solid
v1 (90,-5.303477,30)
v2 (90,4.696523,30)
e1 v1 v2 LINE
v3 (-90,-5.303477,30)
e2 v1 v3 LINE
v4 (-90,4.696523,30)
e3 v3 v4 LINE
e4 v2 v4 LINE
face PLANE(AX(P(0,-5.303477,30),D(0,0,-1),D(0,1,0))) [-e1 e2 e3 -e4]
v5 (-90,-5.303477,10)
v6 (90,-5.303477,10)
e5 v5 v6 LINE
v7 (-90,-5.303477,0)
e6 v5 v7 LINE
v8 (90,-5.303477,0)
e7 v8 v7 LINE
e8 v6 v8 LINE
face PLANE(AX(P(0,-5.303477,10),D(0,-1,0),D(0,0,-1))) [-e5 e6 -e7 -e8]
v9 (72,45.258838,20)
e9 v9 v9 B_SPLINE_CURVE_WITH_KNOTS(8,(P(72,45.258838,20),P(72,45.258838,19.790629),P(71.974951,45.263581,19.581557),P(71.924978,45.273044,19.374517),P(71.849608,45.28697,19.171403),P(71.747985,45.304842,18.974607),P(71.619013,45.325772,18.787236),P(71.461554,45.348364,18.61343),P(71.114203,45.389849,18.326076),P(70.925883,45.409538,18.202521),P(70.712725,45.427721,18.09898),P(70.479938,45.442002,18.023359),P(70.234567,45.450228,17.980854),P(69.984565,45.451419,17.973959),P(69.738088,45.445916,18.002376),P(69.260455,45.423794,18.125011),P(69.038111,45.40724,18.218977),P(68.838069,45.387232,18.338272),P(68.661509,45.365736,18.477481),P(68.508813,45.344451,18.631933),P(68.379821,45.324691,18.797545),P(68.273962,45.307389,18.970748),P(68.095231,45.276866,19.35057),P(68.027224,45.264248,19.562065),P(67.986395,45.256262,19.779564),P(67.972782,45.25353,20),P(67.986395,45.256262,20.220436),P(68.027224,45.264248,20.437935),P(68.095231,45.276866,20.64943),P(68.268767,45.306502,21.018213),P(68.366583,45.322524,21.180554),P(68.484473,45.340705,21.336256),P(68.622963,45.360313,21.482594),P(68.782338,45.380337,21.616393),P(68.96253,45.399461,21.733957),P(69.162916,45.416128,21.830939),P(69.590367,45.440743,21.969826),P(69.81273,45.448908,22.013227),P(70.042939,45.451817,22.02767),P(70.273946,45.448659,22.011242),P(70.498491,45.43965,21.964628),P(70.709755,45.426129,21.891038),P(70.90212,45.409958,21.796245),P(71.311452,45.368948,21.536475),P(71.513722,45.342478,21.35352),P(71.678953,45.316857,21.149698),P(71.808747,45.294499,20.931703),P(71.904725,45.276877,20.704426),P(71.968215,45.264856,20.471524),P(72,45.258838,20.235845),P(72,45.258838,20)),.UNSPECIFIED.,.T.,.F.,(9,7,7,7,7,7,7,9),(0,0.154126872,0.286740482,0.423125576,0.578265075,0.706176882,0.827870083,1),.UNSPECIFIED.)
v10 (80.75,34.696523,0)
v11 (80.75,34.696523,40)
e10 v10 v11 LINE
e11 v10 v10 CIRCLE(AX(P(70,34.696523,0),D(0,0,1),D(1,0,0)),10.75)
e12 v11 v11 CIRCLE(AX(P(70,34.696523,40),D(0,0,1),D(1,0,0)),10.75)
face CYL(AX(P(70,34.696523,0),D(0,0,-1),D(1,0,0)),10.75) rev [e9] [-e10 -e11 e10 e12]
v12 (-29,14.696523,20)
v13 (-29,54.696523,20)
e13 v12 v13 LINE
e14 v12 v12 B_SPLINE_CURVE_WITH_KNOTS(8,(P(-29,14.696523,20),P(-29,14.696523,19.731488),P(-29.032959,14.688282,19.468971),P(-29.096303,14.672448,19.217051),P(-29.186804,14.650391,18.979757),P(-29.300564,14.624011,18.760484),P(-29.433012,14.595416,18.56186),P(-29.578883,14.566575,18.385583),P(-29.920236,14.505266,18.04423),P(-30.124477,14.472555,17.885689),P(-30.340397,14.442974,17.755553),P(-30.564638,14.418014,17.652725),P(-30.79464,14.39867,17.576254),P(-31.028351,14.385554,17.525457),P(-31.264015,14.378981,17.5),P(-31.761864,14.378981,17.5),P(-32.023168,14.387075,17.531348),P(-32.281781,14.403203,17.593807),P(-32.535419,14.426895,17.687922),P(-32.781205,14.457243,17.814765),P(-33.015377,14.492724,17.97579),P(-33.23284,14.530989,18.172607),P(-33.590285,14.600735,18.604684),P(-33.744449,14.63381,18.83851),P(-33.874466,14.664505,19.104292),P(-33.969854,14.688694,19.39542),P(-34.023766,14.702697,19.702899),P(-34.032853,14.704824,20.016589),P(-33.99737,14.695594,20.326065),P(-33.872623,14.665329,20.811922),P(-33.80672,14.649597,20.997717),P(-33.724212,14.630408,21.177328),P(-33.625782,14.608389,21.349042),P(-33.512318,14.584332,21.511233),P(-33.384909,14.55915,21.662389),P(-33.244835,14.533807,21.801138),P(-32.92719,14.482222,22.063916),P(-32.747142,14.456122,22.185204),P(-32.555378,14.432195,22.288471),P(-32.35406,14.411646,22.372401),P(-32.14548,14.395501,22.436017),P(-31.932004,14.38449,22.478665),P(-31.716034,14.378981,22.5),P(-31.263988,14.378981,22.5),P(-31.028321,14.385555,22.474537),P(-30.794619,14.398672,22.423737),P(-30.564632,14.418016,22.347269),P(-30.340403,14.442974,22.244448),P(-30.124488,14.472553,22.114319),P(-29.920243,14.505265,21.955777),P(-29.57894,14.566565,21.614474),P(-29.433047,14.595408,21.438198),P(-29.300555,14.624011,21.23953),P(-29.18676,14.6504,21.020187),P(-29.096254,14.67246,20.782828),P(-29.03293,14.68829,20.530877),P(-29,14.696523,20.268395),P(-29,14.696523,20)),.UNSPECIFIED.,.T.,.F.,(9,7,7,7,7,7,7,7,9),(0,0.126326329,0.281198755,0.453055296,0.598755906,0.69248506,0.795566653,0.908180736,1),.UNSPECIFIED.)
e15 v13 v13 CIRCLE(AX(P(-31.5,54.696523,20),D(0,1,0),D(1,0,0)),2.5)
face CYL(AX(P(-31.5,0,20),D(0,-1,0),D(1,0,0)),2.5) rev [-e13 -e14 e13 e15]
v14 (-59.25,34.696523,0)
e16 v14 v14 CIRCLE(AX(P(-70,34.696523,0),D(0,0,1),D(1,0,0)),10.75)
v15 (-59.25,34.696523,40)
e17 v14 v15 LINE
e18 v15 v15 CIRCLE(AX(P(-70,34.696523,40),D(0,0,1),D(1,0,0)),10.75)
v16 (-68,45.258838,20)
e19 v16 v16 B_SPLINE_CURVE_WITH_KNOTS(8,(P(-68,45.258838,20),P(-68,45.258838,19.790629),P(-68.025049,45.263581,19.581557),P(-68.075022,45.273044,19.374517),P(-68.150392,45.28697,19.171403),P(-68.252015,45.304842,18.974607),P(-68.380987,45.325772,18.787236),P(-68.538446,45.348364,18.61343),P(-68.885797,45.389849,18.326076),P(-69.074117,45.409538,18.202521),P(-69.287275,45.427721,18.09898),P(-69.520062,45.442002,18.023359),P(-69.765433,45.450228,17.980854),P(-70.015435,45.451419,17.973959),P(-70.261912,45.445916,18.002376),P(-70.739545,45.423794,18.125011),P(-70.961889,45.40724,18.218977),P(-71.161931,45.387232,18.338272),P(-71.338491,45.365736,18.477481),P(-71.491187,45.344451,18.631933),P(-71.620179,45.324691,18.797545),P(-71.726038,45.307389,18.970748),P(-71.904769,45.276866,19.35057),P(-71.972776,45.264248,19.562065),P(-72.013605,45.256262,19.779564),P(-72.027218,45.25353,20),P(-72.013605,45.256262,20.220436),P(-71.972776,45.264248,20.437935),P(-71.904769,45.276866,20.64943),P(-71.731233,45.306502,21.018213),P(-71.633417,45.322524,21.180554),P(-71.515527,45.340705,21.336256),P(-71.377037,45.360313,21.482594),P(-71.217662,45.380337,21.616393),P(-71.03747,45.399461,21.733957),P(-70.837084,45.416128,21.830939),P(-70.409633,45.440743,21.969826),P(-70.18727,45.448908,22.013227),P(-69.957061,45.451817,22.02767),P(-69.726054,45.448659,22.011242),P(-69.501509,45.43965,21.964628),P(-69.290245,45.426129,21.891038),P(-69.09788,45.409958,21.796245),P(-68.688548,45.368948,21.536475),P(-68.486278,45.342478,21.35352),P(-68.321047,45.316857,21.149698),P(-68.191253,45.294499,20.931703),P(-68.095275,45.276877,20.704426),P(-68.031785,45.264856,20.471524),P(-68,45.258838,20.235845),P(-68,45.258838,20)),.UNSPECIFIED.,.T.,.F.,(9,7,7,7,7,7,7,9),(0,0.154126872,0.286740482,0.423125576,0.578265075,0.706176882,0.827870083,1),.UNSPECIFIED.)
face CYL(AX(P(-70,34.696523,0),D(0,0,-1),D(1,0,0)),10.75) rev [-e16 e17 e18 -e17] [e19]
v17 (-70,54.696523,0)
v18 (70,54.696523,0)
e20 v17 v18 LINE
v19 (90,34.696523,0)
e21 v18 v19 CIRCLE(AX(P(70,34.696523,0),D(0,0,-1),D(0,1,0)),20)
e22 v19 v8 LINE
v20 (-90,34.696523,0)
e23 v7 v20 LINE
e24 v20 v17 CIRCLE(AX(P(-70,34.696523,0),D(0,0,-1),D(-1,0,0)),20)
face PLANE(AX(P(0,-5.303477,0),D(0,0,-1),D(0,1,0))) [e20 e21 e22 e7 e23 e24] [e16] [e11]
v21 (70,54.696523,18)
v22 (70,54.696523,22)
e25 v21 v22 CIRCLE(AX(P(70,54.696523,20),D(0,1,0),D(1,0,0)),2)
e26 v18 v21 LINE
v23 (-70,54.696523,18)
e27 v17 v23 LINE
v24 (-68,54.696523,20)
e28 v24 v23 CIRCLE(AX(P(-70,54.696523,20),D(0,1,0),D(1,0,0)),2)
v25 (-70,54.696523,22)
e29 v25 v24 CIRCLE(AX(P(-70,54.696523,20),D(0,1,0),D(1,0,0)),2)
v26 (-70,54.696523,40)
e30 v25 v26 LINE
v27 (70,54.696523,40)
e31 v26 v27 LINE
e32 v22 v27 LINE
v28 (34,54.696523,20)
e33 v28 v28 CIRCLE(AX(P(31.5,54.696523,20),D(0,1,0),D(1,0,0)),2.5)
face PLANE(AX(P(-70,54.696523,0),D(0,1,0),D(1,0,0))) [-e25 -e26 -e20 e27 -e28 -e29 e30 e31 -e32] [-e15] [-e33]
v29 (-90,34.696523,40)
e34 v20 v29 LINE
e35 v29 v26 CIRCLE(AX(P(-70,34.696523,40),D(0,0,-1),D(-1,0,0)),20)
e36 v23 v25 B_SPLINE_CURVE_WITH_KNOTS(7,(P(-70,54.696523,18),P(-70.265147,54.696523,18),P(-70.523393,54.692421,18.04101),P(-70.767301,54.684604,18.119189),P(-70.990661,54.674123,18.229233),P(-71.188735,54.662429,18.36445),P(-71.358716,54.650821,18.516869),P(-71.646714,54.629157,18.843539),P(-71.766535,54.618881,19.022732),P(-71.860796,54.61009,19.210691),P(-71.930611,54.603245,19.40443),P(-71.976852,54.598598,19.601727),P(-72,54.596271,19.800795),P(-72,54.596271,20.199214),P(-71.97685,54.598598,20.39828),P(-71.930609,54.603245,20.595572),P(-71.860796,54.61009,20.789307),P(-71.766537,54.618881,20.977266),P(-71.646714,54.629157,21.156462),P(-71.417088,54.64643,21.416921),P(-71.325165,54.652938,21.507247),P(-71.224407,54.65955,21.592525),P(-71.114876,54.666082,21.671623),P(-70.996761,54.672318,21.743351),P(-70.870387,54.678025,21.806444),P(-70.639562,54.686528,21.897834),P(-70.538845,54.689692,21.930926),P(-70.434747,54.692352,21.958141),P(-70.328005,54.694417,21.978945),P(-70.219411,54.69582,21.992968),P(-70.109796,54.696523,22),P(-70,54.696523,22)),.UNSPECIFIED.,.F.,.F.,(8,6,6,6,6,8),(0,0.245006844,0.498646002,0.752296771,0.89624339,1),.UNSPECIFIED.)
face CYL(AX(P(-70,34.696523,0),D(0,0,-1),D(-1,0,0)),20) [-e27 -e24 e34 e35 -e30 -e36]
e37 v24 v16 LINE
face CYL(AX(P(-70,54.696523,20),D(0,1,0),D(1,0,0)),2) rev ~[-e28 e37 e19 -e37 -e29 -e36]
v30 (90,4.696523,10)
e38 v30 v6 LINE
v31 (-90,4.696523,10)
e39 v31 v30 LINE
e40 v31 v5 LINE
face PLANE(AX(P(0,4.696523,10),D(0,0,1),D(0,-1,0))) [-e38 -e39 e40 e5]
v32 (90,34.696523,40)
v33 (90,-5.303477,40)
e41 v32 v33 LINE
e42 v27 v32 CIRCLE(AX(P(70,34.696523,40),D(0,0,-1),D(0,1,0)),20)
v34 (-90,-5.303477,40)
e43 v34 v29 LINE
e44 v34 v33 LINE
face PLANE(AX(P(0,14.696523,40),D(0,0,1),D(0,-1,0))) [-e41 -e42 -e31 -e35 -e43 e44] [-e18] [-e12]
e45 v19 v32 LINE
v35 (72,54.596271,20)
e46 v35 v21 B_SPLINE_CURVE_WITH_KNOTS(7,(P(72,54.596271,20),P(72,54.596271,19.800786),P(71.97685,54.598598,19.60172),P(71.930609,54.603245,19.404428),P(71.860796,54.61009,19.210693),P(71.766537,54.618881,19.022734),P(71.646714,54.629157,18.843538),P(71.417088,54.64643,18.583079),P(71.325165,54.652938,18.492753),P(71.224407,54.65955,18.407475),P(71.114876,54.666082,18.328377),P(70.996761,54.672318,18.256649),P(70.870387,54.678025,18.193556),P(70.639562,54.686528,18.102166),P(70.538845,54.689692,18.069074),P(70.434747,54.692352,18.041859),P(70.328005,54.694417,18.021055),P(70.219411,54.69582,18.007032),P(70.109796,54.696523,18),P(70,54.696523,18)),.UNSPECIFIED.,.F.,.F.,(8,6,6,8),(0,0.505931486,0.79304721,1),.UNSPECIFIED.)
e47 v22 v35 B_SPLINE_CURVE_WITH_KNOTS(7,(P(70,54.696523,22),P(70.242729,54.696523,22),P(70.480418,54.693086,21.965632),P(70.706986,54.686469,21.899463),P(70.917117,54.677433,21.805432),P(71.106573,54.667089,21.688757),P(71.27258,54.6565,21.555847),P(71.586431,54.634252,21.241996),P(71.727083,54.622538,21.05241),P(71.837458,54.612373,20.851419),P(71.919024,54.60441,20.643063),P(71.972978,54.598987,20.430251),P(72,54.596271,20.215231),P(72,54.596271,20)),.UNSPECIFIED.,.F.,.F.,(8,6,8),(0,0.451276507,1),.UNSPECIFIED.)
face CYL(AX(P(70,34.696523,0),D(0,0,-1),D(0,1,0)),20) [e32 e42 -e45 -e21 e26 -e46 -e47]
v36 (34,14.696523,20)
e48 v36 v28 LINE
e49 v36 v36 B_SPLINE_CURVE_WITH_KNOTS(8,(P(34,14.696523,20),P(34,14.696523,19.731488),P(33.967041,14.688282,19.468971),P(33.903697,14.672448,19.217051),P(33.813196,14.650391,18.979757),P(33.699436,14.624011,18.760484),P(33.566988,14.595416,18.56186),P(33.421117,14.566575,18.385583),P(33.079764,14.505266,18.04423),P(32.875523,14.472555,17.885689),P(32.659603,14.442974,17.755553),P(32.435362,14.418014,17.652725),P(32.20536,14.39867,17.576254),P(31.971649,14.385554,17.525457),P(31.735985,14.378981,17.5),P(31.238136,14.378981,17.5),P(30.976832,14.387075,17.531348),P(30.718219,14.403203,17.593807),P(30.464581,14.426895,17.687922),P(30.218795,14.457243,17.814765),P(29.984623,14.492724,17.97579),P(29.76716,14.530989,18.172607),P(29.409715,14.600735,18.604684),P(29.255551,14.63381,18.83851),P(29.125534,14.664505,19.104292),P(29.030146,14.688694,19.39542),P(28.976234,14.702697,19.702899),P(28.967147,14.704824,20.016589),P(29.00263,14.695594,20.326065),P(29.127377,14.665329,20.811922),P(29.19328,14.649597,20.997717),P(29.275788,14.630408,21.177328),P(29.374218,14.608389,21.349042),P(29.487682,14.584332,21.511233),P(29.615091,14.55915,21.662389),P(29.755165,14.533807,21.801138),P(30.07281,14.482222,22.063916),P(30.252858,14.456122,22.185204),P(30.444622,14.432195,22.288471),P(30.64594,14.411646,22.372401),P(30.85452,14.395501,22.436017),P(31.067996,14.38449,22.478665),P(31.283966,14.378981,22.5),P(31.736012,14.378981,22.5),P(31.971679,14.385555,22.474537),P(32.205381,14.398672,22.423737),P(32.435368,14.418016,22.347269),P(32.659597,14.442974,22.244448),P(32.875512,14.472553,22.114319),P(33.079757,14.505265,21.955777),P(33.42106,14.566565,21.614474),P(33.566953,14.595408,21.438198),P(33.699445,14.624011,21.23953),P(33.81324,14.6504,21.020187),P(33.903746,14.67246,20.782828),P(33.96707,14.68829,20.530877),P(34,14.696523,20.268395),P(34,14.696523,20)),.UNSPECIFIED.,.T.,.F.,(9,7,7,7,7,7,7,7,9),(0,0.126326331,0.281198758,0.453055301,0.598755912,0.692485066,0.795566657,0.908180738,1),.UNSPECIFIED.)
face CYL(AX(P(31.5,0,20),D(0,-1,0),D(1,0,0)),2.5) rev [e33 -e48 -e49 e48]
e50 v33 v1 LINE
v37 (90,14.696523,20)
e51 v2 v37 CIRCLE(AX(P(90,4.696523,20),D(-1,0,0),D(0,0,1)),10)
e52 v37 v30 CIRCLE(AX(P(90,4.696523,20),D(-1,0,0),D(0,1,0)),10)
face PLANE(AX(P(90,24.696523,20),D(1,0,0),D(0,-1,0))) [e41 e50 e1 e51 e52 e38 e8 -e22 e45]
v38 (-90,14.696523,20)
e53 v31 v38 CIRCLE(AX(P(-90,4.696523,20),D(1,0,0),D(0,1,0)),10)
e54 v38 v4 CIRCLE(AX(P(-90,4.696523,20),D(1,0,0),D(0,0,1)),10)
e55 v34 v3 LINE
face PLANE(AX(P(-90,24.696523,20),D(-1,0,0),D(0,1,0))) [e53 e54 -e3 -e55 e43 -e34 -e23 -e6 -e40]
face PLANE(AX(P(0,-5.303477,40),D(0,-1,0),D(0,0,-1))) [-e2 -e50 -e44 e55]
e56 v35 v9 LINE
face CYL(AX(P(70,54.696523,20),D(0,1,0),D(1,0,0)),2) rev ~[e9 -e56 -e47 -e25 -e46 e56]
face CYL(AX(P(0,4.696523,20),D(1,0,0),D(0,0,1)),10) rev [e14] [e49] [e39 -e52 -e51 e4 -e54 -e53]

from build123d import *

# Parameters (mm, degrees)
SKETCH1_R                       = 10.75
BOSS_EXTRUDE1_DEPTH             = 40
BOSS_EXTRUDE2_REACH             = 92
BOSS_EXTRUDE2_DIRECTION_2_REACH = 92
SKETCH5_R                       = 2.5
CUT_EXTRUDE1_DEPTH              = 54.696523
CUT_EXTRUDE3_REACH              = 62
SKETCH8_R                       = 2


with BuildPart() as part:
    # Sketch1 → Boss-Extrude1 (new body)
    with BuildSketch(Plane.XY):
        with BuildLine():
            Line((-70, 54.696522502), (70, 54.696522502))
            ThreePointArc((70, 54.696522502), (84.142135624, 48.838658125), (90, 34.696522502))
            Line((90, 34.696522502), (90, 14.696522502))
            Line((90, 14.696522502), (-90, 14.696522502))
            Line((-90, 14.696522502), (-90, 34.696522502))
            ThreePointArc((-90, 34.696522502), (-84.142135624, 48.838658125), (-70, 54.696522502))
        make_face()
        with Locations((70, 34.696522502)):
            Circle(SKETCH1_R, mode=Mode.SUBTRACT)
        with Locations((-70, 34.696522502)):
            Circle(SKETCH1_R, mode=Mode.SUBTRACT)
    extrude(amount=BOSS_EXTRUDE1_DEPTH)

    # Boss-Extrude2: up to this face of the body (flat: up to its plane)
    boss_extrude2_end = Plane(part.part.faces().sort_by_distance((90, 24.696522502, 20))[0])
    # Sketch4 → Boss-Extrude2 (add, up to the picked face)
    with BuildSketch(Plane(origin=(0, 0, 0), x_dir=(0, 0, -1), z_dir=(1, 0, 0)), mode=Mode.PRIVATE) as boss_extrude2_sk1:
        with BuildLine():
            Line((0, -5.303477498), (0, 14.696522502))
            Line((0, 14.696522502), (-20, 14.696522502))
            ThreePointArc((-20, 14.696522502), (-12.928932188, 11.767590313), (-10, 4.696522502))
            Line((-10, 4.696522502), (-10, -5.303477498))
            Line((-10, -5.303477498), (0, -5.303477498))
        make_face()
    boss_extrude2_tool1 = split(extrude(boss_extrude2_sk1.sketch, amount=BOSS_EXTRUDE2_REACH, mode=Mode.PRIVATE), bisect_by=boss_extrude2_end, keep=Keep.BOTH, mode=Mode.PRIVATE)
    add(boss_extrude2_tool1.solids().sort_by_distance((0, 5.449103, 5.700966))[0])
    # Sketch4 → Boss-Extrude2 (add, up to the picked face)
    with BuildSketch(Plane(origin=(0, 0, 0), x_dir=(0, 0, -1), z_dir=(1, 0, 0)), mode=Mode.PRIVATE) as boss_extrude2_sk2:
        with BuildLine():
            ThreePointArc((-30, 4.696522502), (-27.071067812, 11.767590313), (-20, 14.696522502))
            Line((-20, 14.696522502), (-40, 14.696522502))
            Line((-40, 14.696522502), (-40, -5.303477498))
            Line((-40, -5.303477498), (-30, -5.303477498))
            Line((-30, -5.303477498), (-30, 4.696522502))
        make_face()
    boss_extrude2_tool2 = split(extrude(boss_extrude2_sk2.sketch, amount=BOSS_EXTRUDE2_REACH, mode=Mode.PRIVATE), bisect_by=boss_extrude2_end, keep=Keep.BOTH, mode=Mode.PRIVATE)
    add(boss_extrude2_tool2.solids().sort_by_distance((0, 5.449103, 34.299034))[0])

    # Boss-Extrude2 direction 2: up to this face of the body (flat: up to its plane)
    boss_extrude2_direction_2_end = Plane(part.part.faces().sort_by_distance((-90, 24.696522502, 20))[0])
    # Sketch4 → Boss-Extrude2 direction 2 (add, up to the picked face)
    with BuildSketch(Plane(origin=(0, 0, 0), x_dir=(0, 0, -1), z_dir=(1, 0, 0)), mode=Mode.PRIVATE) as boss_extrude2_direction_2_sk1:
        with BuildLine():
            Line((0, -5.303477498), (0, 14.696522502))
            Line((0, 14.696522502), (-20, 14.696522502))
            ThreePointArc((-20, 14.696522502), (-12.928932188, 11.767590313), (-10, 4.696522502))
            Line((-10, 4.696522502), (-10, -5.303477498))
            Line((-10, -5.303477498), (0, -5.303477498))
        make_face()
    boss_extrude2_direction_2_tool1 = split(extrude(boss_extrude2_direction_2_sk1.sketch, amount=-BOSS_EXTRUDE2_DIRECTION_2_REACH, mode=Mode.PRIVATE), bisect_by=boss_extrude2_direction_2_end, keep=Keep.BOTH, mode=Mode.PRIVATE)
    add(boss_extrude2_direction_2_tool1.solids().sort_by_distance((0, 5.449103, 5.700966))[0])
    # Sketch4 → Boss-Extrude2 direction 2 (add, up to the picked face)
    with BuildSketch(Plane(origin=(0, 0, 0), x_dir=(0, 0, -1), z_dir=(1, 0, 0)), mode=Mode.PRIVATE) as boss_extrude2_direction_2_sk2:
        with BuildLine():
            ThreePointArc((-30, 4.696522502), (-27.071067812, 11.767590313), (-20, 14.696522502))
            Line((-20, 14.696522502), (-40, 14.696522502))
            Line((-40, 14.696522502), (-40, -5.303477498))
            Line((-40, -5.303477498), (-30, -5.303477498))
            Line((-30, -5.303477498), (-30, 4.696522502))
        make_face()
    boss_extrude2_direction_2_tool2 = split(extrude(boss_extrude2_direction_2_sk2.sketch, amount=-BOSS_EXTRUDE2_DIRECTION_2_REACH, mode=Mode.PRIVATE), bisect_by=boss_extrude2_direction_2_end, keep=Keep.BOTH, mode=Mode.PRIVATE)
    add(boss_extrude2_direction_2_tool2.solids().sort_by_distance((0, 5.449103, 34.299034))[0])

    # Sketch5 → Cut-Extrude1 (cut)
    with BuildSketch(Plane(origin=(0, 0, 0), x_dir=(1, 0, 0), z_dir=(0, 1, 0))):
        with Locations((-31.5, -20)):
            Circle(SKETCH5_R)
        with Locations((31.5, -20)):
            Circle(SKETCH5_R)
    extrude(amount=CUT_EXTRUDE1_DEPTH, mode=Mode.SUBTRACT)

    # Sketch8 → Cut-Extrude3 (cut, up to next)
    with BuildSketch(Plane(origin=(0, 54.696522502, 0), x_dir=(1, 0, 0), z_dir=(0, 1, 0)), mode=Mode.PRIVATE) as cut_extrude3_sk1:
        with Locations((-70, -20)):
            Circle(SKETCH8_R)
    cut_extrude3_tool1 = extrude(cut_extrude3_sk1.sketch, amount=-CUT_EXTRUDE3_REACH, mode=Mode.PRIVATE) & part.part
    add(cut_extrude3_tool1.solids().sort_by_distance((-70, 54.696523, 20))[0], mode=Mode.SUBTRACT)
    # Sketch8 → Cut-Extrude3 (cut, up to next)
    with BuildSketch(Plane(origin=(0, 54.696522502, 0), x_dir=(1, 0, 0), z_dir=(0, 1, 0)), mode=Mode.PRIVATE) as cut_extrude3_sk2:
        with Locations((70, -20)):
            Circle(SKETCH8_R)
    cut_extrude3_tool2 = extrude(cut_extrude3_sk2.sketch, amount=-CUT_EXTRUDE3_REACH, mode=Mode.PRIVATE) & part.part
    add(cut_extrude3_tool2.solids().sort_by_distance((70, 54.696523, 20))[0], mode=Mode.SUBTRACT)


solid = part.part
